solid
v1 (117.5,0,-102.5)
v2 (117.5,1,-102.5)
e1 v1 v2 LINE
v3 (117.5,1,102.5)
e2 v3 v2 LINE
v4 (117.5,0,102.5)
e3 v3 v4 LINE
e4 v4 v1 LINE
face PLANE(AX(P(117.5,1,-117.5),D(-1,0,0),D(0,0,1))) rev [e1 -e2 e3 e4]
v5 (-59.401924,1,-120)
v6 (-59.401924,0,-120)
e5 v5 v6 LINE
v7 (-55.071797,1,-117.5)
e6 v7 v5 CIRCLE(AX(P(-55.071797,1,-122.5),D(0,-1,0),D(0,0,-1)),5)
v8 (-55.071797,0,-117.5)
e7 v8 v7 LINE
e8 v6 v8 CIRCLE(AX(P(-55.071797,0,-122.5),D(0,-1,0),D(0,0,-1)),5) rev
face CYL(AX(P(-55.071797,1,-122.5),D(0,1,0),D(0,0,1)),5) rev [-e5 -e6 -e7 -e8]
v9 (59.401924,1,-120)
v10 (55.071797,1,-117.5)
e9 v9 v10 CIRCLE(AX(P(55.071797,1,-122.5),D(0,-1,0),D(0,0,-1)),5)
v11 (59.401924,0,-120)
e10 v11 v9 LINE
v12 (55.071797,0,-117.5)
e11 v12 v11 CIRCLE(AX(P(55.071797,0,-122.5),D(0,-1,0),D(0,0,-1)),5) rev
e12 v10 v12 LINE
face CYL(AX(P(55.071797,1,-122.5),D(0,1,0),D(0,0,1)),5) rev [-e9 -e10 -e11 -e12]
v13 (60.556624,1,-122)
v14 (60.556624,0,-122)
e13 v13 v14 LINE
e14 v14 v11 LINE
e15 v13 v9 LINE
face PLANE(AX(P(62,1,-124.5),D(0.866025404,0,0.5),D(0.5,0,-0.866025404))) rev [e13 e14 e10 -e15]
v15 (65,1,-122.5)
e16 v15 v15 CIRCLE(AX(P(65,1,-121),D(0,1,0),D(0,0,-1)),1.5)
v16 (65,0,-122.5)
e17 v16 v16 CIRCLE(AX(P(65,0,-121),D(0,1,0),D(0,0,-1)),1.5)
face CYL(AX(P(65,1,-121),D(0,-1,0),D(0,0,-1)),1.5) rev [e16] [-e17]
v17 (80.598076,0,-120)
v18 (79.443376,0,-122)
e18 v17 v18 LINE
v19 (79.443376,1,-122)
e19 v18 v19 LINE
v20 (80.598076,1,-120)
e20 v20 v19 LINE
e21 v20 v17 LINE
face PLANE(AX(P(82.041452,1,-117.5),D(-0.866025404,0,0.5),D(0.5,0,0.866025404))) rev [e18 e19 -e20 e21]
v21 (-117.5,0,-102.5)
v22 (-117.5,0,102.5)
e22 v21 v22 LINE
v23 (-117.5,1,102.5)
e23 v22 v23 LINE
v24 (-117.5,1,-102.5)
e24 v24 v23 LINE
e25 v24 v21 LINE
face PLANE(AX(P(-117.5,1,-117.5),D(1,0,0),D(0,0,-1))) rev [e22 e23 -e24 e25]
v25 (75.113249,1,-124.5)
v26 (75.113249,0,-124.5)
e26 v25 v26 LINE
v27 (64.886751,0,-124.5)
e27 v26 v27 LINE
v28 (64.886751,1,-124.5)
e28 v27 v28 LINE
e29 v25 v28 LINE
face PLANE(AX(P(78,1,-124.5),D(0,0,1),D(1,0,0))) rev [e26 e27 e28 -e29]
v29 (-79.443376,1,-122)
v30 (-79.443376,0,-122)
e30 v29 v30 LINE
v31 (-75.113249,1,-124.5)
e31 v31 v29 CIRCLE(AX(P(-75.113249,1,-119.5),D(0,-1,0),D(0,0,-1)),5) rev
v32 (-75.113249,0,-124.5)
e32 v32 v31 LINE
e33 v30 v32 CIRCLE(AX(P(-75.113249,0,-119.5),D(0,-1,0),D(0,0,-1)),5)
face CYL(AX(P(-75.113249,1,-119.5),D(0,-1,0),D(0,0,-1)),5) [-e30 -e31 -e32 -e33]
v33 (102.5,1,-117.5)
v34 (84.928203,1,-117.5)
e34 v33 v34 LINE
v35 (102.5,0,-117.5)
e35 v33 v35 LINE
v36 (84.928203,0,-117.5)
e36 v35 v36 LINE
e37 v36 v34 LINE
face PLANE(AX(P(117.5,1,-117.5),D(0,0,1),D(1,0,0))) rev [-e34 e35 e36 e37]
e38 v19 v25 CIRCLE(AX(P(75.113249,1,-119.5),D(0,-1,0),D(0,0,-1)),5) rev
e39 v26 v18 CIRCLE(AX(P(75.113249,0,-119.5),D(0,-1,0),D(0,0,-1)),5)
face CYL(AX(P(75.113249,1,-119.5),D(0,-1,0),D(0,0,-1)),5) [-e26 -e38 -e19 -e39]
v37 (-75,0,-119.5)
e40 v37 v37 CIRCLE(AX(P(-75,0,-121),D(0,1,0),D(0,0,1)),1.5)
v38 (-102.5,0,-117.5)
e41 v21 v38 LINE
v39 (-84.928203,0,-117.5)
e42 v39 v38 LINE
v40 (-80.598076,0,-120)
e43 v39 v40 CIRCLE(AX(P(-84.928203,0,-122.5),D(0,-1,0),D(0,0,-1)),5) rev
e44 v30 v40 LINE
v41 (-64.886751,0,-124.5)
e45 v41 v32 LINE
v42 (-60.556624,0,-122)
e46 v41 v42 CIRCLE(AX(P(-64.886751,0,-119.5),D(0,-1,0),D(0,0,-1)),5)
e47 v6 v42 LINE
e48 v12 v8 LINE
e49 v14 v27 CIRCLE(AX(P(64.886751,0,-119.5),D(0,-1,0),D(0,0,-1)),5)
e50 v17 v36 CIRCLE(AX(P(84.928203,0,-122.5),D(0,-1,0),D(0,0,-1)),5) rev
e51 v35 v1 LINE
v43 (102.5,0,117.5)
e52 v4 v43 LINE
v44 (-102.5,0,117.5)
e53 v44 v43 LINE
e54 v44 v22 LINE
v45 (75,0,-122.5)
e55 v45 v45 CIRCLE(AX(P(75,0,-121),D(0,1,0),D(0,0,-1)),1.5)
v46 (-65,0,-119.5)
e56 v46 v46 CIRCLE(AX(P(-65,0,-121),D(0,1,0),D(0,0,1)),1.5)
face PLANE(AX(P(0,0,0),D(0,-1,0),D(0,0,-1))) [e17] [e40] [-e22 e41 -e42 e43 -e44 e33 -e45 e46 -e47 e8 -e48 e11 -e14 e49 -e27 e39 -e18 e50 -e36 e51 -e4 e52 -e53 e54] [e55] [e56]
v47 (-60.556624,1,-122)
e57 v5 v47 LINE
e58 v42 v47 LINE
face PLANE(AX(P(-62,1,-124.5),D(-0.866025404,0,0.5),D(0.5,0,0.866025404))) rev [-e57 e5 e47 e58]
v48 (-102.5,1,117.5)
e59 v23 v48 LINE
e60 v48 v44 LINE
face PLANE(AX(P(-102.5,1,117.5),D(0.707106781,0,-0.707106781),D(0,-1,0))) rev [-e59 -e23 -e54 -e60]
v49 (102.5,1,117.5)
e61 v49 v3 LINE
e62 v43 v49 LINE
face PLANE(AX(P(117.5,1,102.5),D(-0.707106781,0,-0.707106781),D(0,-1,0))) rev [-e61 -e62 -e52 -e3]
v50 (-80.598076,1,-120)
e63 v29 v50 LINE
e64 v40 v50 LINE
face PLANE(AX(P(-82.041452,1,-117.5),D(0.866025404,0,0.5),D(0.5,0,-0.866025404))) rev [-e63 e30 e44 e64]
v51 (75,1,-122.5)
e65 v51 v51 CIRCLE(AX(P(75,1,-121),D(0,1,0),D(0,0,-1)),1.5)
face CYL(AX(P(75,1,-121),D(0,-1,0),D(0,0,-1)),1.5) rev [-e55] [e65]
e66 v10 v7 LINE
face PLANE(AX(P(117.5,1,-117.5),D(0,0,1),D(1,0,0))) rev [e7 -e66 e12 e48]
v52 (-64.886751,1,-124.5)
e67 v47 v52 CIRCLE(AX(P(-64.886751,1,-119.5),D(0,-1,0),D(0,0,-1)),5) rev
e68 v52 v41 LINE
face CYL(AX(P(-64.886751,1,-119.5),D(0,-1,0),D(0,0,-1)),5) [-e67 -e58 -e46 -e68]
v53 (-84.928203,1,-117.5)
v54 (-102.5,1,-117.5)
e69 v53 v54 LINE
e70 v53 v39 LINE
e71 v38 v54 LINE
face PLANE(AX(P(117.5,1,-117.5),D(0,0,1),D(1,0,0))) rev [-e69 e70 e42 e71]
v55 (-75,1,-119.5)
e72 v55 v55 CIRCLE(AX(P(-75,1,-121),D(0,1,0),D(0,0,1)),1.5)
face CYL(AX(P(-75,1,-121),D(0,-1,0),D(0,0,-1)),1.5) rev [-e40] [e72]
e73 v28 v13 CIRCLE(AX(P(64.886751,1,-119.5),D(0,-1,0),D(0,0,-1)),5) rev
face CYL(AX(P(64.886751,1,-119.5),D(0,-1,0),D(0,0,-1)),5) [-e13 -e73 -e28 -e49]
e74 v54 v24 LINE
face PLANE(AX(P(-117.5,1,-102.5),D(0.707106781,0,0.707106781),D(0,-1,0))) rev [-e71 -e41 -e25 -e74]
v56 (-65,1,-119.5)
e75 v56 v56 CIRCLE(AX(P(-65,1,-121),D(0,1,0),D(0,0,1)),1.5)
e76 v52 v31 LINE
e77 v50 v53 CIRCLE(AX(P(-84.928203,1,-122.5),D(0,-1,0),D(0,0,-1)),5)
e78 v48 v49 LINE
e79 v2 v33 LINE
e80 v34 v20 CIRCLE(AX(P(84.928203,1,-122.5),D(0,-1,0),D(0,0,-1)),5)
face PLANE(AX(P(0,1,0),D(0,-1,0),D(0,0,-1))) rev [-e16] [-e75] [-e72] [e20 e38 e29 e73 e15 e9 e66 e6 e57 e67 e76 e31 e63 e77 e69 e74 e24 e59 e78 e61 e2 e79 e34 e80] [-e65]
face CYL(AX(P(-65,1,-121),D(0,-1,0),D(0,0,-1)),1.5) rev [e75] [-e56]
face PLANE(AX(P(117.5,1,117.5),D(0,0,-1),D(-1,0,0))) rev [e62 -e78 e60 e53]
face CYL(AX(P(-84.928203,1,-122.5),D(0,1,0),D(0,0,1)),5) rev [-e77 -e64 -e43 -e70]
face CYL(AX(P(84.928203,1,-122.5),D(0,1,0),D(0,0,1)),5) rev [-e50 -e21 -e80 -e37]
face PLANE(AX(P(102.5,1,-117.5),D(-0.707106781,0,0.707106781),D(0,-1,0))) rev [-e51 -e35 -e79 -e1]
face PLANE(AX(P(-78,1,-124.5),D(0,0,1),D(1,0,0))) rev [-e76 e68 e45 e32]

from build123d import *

# Parameters (mm, degrees)
SKETCH1_W           = 235
SKETCH1_H           = 235
BOSS_EXTRUDE1_DEPTH = 1
SKETCH2_R           = 1.5
BOSS_EXTRUDE2_DEPTH = 1
FILLET1_R           = 5
CHAMFER1_SIZE       = 15


with BuildPart() as part:
    # Sketch1 → Boss-Extrude1 (new body)
    with BuildSketch(Plane(origin=(0, 0, 0), x_dir=(1, 0, 0), z_dir=(0, 1, 0))):
        Rectangle(SKETCH1_W, SKETCH1_H)
    extrude(amount=BOSS_EXTRUDE1_DEPTH)

    # Sketch2 → Boss-Extrude2 (add)
    with BuildSketch(Plane(origin=(0, 0, 0), x_dir=(1, 0, 0), z_dir=(0, 1, 0))):
        Polygon((-82.041451884, 117.5), (-78, 124.5), (-62, 124.5), (-57.958548116, 117.5), align=None)
        with Locations((-75, 121)):
            Circle(SKETCH2_R, mode=Mode.SUBTRACT)
        with Locations((-65, 121)):
            Circle(SKETCH2_R, mode=Mode.SUBTRACT)
        Polygon((57.958548116, 117.5), (82.041451884, 117.5), (78, 124.5), (62, 124.5), align=None)
        with Locations((65, 121)):
            Circle(SKETCH2_R, mode=Mode.SUBTRACT)
        with Locations((75, 121)):
            Circle(SKETCH2_R, mode=Mode.SUBTRACT)
    extrude(amount=BOSS_EXTRUDE2_DEPTH)

    # Fillet1
    fillet1_edges = [part.edges().sort_by_distance(p)[0] for p in [
        (-82.041451884, 0.5, -117.5),
        (-57.958548116, 0.5, -117.5),
        (-62, 0.5, -124.5),
        (-78, 0.5, -124.5),
        (62, 0.5, -124.5),
        (57.958548116, 0.5, -117.5),
        (82.041451884, 0.5, -117.5),
        (78, 0.5, -124.5),
    ]]
    fillet(fillet1_edges, radius=FILLET1_R)

    # Chamfer1
    chamfer1_edges = [part.edges().sort_by_distance(p)[0] for p in [
        (-117.5, 0.5, -117.5),
        (117.5, 0.5, -117.5),
        (117.5, 0.5, 117.5),
        (-117.5, 0.5, 117.5),
    ]]
    chamfer(chamfer1_edges, length=CHAMFER1_SIZE)


solid = part.part
